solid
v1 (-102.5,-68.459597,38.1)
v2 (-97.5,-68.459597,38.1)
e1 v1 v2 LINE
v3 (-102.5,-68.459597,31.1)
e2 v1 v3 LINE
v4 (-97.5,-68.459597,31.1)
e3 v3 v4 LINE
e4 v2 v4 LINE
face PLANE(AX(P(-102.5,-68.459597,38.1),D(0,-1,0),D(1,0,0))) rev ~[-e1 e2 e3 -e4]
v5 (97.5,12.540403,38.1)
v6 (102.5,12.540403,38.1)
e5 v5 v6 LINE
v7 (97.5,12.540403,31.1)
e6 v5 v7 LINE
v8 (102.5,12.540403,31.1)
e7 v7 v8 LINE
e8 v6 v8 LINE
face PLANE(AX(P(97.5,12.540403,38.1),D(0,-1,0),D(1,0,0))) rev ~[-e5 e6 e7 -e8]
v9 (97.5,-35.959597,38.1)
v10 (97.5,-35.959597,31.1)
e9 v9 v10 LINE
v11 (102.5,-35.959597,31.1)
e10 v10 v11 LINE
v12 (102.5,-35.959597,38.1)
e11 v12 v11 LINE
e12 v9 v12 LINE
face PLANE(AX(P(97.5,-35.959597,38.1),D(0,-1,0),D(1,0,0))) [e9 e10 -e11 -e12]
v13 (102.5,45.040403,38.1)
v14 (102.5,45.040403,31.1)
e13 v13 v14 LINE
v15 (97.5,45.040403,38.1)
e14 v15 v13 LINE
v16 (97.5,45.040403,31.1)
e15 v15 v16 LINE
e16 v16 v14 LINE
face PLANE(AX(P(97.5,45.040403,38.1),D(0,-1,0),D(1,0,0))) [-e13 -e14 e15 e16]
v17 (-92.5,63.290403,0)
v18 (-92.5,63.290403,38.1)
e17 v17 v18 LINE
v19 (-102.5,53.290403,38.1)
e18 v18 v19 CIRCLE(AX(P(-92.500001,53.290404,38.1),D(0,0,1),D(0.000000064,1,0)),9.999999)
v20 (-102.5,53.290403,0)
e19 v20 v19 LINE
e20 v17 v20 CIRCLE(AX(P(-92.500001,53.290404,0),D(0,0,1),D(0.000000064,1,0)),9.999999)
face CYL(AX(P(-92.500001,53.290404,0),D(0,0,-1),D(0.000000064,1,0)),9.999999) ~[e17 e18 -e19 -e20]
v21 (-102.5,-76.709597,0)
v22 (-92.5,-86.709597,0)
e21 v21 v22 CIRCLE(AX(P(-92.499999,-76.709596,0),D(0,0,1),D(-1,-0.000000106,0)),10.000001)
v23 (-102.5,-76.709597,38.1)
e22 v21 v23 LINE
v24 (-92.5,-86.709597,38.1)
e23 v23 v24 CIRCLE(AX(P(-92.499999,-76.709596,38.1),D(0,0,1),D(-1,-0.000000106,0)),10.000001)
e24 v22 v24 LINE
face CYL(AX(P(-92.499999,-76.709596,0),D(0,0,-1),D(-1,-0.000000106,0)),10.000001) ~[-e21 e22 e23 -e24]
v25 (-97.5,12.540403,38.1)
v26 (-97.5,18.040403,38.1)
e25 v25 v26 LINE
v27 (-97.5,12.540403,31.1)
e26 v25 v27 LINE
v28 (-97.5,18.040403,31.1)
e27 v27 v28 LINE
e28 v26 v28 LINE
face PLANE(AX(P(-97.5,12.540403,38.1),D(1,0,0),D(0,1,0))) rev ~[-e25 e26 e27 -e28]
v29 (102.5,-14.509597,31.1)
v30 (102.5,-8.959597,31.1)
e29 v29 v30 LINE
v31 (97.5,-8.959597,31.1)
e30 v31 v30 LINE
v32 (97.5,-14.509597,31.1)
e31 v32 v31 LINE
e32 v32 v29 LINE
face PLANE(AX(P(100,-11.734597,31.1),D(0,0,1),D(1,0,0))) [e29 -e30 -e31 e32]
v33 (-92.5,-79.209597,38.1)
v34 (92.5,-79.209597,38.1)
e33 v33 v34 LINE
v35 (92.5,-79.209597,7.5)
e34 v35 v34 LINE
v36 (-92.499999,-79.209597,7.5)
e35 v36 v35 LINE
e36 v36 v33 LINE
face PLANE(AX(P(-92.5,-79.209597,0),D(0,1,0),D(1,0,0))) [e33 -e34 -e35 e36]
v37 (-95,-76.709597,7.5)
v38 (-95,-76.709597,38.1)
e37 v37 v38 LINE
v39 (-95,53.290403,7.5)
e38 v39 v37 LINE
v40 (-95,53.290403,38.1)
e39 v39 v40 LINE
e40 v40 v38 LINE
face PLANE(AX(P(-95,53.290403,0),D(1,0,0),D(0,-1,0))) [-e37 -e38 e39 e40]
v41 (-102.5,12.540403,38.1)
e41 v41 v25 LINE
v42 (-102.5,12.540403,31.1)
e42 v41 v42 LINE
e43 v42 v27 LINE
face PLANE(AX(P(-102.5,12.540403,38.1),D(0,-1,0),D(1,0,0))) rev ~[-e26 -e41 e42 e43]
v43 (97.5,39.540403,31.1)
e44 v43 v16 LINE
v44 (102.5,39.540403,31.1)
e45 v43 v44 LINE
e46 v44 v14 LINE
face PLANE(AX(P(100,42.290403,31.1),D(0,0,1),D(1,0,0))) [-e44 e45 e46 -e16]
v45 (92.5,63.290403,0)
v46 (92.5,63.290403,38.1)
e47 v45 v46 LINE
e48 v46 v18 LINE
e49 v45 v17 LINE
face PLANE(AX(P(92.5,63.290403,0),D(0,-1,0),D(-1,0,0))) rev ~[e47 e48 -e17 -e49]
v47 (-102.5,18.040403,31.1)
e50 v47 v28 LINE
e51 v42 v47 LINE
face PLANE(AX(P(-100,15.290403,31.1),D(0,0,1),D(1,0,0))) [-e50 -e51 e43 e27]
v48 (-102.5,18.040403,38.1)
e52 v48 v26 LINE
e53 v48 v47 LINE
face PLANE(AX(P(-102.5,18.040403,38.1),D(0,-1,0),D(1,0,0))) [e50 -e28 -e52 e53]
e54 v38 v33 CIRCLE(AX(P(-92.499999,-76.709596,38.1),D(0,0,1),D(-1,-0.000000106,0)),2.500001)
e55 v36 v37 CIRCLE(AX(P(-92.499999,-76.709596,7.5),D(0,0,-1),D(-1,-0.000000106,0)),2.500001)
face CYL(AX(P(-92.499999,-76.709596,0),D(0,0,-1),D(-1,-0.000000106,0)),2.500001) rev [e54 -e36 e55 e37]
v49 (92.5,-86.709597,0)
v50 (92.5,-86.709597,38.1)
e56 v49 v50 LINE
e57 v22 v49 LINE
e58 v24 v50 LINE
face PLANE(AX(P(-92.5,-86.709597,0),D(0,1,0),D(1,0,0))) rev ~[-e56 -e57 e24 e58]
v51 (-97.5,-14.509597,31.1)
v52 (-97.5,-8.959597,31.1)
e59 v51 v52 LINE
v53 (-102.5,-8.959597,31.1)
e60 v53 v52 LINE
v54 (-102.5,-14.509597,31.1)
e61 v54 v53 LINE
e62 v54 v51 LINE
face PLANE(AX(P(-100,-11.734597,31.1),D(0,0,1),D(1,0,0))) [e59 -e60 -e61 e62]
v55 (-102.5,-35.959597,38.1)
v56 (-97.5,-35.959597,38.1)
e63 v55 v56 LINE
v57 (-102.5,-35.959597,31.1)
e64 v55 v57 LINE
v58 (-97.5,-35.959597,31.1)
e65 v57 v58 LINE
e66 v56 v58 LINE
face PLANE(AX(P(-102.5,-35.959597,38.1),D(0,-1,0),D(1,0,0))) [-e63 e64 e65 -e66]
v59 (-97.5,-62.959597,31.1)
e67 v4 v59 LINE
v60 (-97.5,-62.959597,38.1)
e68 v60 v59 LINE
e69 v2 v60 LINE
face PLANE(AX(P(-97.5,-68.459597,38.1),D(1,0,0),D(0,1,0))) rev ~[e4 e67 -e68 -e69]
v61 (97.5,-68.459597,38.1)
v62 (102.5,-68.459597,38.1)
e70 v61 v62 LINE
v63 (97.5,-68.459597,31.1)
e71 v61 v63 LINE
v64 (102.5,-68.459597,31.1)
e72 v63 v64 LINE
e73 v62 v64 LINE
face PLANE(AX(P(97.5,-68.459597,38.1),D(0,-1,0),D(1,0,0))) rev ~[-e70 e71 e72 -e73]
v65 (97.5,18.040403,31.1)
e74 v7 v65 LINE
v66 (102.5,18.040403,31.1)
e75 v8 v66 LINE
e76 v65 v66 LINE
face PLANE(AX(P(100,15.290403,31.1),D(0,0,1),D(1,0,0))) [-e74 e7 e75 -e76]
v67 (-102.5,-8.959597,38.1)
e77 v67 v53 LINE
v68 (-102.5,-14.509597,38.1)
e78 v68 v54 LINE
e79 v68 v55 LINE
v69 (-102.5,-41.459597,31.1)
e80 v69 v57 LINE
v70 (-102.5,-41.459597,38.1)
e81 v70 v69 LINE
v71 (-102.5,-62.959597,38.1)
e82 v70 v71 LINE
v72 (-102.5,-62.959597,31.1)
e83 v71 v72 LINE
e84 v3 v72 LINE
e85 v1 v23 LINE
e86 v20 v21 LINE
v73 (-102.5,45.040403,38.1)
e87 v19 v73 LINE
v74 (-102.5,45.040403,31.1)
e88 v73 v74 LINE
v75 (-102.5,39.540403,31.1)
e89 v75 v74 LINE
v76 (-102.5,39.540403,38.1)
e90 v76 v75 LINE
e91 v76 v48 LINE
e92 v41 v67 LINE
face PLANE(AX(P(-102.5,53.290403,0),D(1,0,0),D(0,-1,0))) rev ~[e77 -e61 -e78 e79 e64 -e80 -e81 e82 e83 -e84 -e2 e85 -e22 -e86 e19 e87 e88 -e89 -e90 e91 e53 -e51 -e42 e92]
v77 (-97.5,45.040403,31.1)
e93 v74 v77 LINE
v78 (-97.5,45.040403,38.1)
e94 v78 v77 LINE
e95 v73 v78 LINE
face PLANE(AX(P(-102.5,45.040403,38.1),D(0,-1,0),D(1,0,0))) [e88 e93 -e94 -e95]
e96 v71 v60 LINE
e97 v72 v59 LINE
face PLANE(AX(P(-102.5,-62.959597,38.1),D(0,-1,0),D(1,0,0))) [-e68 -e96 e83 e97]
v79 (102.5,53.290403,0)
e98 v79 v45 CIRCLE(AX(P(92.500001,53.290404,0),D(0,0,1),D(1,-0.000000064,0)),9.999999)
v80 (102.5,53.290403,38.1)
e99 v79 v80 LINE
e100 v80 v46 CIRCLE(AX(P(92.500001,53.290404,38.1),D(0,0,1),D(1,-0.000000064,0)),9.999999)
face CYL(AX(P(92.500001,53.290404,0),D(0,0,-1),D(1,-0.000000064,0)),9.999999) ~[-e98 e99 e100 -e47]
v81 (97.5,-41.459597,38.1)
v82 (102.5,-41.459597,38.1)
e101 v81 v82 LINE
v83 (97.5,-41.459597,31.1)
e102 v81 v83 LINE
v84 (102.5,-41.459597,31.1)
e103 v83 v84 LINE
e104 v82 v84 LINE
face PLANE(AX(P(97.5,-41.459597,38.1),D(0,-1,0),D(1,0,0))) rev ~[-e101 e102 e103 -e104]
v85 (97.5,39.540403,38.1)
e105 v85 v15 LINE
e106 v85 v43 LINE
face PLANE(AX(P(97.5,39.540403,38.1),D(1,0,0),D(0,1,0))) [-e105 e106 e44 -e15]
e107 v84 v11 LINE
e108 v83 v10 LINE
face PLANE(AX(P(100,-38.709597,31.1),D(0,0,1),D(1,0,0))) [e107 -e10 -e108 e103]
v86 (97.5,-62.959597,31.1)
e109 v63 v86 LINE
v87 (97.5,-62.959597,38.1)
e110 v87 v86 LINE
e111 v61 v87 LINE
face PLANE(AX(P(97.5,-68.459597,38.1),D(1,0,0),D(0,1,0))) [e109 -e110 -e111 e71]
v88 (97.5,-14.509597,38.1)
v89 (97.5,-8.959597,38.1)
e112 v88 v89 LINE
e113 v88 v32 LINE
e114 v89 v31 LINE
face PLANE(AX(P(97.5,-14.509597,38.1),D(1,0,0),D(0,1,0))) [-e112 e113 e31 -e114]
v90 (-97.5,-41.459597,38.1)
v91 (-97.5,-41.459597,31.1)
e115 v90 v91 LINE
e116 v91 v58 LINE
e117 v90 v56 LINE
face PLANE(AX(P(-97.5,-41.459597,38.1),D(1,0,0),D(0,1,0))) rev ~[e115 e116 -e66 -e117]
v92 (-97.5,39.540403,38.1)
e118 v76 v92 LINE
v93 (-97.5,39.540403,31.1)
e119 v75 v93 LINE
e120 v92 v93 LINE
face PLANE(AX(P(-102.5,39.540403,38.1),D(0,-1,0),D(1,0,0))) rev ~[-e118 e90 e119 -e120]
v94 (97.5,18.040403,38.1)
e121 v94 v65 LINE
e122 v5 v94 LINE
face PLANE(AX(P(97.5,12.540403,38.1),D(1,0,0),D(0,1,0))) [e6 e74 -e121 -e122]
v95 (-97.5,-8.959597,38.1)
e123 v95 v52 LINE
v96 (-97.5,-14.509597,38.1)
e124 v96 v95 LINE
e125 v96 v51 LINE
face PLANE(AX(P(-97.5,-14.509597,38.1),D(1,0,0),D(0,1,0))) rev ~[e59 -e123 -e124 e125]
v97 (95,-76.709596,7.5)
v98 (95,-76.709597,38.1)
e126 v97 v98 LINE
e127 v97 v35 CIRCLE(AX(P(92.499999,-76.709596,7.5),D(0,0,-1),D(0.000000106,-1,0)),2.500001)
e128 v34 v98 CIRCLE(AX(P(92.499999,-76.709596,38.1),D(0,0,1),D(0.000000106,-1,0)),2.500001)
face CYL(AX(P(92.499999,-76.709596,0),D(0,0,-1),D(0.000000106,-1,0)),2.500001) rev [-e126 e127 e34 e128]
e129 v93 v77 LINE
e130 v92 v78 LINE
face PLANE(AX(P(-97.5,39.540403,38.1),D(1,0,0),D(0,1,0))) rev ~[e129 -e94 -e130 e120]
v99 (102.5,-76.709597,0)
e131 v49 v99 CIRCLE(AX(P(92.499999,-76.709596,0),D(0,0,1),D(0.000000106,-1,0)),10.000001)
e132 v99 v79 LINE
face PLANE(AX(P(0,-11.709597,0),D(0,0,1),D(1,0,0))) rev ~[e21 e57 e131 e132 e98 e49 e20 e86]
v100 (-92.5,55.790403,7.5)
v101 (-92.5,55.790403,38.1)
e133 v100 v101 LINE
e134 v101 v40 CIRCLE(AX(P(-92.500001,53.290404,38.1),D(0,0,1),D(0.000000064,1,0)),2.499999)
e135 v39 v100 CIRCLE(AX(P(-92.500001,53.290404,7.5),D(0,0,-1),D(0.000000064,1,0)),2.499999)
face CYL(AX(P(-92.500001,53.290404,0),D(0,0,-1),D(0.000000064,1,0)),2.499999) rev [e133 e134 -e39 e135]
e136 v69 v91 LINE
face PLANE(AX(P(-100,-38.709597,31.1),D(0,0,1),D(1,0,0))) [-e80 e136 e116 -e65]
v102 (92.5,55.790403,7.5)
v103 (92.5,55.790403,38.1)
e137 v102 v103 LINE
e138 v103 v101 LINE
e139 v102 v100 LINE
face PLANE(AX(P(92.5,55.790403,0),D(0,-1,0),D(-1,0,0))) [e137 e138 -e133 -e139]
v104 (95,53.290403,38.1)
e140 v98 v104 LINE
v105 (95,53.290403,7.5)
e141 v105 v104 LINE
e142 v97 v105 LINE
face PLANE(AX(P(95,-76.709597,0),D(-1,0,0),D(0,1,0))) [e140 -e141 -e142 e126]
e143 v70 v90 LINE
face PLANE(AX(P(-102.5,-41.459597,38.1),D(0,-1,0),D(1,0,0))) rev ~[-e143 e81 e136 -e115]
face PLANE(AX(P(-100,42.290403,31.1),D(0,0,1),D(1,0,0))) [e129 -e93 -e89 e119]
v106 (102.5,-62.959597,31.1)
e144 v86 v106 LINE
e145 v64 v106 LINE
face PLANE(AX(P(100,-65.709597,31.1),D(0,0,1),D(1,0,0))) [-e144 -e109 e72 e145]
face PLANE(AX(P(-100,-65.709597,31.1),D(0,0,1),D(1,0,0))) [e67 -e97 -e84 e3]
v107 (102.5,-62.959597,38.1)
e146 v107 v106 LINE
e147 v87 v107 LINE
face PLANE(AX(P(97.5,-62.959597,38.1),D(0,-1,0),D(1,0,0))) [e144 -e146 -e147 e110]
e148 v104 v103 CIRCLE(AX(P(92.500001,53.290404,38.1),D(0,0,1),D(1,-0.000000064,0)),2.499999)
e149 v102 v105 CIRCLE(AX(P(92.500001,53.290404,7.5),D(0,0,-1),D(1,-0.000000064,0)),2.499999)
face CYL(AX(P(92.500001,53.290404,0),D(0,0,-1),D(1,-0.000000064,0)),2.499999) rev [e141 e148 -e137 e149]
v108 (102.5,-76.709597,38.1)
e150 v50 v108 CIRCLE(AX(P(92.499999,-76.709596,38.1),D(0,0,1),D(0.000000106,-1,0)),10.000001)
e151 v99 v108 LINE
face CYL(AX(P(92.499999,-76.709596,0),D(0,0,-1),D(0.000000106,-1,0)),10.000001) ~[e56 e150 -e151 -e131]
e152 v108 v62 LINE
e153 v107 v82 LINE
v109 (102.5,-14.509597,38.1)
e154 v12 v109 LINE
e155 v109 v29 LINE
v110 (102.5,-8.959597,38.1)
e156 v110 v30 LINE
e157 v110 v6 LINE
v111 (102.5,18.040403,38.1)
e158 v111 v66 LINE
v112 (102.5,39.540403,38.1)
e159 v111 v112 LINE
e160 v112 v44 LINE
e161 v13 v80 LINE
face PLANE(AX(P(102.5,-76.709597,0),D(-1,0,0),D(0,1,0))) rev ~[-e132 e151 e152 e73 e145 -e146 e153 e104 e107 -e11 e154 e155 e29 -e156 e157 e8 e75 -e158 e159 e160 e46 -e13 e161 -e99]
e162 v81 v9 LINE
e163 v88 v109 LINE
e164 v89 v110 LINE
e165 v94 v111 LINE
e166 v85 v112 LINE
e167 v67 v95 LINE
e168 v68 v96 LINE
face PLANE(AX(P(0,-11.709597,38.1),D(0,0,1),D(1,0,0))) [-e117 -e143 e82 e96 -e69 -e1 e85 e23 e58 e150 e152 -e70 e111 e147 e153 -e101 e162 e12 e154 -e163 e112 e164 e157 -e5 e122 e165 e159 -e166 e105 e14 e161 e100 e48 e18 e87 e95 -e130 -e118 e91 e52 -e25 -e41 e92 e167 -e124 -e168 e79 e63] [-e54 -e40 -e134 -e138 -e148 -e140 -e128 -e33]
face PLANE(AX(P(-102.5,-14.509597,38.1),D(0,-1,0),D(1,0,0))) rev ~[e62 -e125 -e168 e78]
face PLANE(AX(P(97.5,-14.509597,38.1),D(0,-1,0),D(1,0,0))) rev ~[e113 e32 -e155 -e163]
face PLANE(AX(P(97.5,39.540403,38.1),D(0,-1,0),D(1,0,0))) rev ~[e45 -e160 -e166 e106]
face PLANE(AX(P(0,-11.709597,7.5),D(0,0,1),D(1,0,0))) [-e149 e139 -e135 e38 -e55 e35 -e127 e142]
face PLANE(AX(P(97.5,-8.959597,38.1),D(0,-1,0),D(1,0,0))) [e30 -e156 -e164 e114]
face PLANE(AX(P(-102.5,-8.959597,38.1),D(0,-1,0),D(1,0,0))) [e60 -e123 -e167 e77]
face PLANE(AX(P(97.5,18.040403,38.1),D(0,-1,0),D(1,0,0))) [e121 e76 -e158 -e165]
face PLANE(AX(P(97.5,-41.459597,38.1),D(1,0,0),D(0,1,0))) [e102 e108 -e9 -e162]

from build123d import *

# Parameters (mm, degrees)
F1_DEPTH = 38.1
F2_T     = -7.5
F3_W     = 5
F3_H     = 5.5
F3_H_2   = 5.55
F4_DEPTH = 7


with BuildPart() as f1:
    # F0 (on Top) → F1 (new body)
    with BuildSketch(Plane.XY):
        with BuildLine():
            Line((92.5, 63.290403), (-92.5, 63.290403))
            ThreePointArc((-92.5, 63.290403), (-99.571068, 60.361471), (-102.5, 53.290403))
            Line((-102.5, 53.290403), (-102.5, -76.709597))
            ThreePointArc((-102.5, -76.709597), (-99.571068, -83.780664), (-92.5, -86.709597))
            Line((-92.5, -86.709597), (92.5, -86.709597))
            ThreePointArc((92.5, -86.709597), (99.571068, -83.780664), (102.5, -76.709597))
            Line((102.5, -76.709597), (102.5, 53.290403))
            ThreePointArc((102.5, 53.290403), (99.571068, 60.361471), (92.5, 63.290403))
        make_face()
    extrude(amount=F1_DEPTH)

    # F2
    f2_openings = [f1.faces().sort_by_distance(p)[0] for p in [
        (0, -11.709597, 38.1),
    ]]
    offset(amount=F2_T, openings=f2_openings)

    # F3 (on face) → F4 (cut)
    with BuildSketch(Plane.XY.offset(38.1)):
        with Locations((-100, 42.290403)):
            Rectangle(F3_W, F3_H)
        with Locations((-100, 15.290403)):
            Rectangle(F3_W, F3_H)
        with Locations((-100, -11.734597)):
            Rectangle(F3_W, F3_H_2)
        with Locations((-100, -38.709597)):
            Rectangle(F3_W, F3_H)
        with Locations((-100, -65.709597)):
            Rectangle(F3_W, F3_H)
        with Locations((100, -65.709597)):
            Rectangle(F3_W, F3_H)
        with Locations((100, -38.709597)):
            Rectangle(F3_W, F3_H)
        with Locations((100, -11.734597)):
            Rectangle(F3_W, F3_H_2)
        with Locations((100, 15.290403)):
            Rectangle(F3_W, F3_H)
        with Locations((100, 42.290403)):
            Rectangle(F3_W, F3_H)
    extrude(amount=-F4_DEPTH, mode=Mode.SUBTRACT)


solid = f1.part
